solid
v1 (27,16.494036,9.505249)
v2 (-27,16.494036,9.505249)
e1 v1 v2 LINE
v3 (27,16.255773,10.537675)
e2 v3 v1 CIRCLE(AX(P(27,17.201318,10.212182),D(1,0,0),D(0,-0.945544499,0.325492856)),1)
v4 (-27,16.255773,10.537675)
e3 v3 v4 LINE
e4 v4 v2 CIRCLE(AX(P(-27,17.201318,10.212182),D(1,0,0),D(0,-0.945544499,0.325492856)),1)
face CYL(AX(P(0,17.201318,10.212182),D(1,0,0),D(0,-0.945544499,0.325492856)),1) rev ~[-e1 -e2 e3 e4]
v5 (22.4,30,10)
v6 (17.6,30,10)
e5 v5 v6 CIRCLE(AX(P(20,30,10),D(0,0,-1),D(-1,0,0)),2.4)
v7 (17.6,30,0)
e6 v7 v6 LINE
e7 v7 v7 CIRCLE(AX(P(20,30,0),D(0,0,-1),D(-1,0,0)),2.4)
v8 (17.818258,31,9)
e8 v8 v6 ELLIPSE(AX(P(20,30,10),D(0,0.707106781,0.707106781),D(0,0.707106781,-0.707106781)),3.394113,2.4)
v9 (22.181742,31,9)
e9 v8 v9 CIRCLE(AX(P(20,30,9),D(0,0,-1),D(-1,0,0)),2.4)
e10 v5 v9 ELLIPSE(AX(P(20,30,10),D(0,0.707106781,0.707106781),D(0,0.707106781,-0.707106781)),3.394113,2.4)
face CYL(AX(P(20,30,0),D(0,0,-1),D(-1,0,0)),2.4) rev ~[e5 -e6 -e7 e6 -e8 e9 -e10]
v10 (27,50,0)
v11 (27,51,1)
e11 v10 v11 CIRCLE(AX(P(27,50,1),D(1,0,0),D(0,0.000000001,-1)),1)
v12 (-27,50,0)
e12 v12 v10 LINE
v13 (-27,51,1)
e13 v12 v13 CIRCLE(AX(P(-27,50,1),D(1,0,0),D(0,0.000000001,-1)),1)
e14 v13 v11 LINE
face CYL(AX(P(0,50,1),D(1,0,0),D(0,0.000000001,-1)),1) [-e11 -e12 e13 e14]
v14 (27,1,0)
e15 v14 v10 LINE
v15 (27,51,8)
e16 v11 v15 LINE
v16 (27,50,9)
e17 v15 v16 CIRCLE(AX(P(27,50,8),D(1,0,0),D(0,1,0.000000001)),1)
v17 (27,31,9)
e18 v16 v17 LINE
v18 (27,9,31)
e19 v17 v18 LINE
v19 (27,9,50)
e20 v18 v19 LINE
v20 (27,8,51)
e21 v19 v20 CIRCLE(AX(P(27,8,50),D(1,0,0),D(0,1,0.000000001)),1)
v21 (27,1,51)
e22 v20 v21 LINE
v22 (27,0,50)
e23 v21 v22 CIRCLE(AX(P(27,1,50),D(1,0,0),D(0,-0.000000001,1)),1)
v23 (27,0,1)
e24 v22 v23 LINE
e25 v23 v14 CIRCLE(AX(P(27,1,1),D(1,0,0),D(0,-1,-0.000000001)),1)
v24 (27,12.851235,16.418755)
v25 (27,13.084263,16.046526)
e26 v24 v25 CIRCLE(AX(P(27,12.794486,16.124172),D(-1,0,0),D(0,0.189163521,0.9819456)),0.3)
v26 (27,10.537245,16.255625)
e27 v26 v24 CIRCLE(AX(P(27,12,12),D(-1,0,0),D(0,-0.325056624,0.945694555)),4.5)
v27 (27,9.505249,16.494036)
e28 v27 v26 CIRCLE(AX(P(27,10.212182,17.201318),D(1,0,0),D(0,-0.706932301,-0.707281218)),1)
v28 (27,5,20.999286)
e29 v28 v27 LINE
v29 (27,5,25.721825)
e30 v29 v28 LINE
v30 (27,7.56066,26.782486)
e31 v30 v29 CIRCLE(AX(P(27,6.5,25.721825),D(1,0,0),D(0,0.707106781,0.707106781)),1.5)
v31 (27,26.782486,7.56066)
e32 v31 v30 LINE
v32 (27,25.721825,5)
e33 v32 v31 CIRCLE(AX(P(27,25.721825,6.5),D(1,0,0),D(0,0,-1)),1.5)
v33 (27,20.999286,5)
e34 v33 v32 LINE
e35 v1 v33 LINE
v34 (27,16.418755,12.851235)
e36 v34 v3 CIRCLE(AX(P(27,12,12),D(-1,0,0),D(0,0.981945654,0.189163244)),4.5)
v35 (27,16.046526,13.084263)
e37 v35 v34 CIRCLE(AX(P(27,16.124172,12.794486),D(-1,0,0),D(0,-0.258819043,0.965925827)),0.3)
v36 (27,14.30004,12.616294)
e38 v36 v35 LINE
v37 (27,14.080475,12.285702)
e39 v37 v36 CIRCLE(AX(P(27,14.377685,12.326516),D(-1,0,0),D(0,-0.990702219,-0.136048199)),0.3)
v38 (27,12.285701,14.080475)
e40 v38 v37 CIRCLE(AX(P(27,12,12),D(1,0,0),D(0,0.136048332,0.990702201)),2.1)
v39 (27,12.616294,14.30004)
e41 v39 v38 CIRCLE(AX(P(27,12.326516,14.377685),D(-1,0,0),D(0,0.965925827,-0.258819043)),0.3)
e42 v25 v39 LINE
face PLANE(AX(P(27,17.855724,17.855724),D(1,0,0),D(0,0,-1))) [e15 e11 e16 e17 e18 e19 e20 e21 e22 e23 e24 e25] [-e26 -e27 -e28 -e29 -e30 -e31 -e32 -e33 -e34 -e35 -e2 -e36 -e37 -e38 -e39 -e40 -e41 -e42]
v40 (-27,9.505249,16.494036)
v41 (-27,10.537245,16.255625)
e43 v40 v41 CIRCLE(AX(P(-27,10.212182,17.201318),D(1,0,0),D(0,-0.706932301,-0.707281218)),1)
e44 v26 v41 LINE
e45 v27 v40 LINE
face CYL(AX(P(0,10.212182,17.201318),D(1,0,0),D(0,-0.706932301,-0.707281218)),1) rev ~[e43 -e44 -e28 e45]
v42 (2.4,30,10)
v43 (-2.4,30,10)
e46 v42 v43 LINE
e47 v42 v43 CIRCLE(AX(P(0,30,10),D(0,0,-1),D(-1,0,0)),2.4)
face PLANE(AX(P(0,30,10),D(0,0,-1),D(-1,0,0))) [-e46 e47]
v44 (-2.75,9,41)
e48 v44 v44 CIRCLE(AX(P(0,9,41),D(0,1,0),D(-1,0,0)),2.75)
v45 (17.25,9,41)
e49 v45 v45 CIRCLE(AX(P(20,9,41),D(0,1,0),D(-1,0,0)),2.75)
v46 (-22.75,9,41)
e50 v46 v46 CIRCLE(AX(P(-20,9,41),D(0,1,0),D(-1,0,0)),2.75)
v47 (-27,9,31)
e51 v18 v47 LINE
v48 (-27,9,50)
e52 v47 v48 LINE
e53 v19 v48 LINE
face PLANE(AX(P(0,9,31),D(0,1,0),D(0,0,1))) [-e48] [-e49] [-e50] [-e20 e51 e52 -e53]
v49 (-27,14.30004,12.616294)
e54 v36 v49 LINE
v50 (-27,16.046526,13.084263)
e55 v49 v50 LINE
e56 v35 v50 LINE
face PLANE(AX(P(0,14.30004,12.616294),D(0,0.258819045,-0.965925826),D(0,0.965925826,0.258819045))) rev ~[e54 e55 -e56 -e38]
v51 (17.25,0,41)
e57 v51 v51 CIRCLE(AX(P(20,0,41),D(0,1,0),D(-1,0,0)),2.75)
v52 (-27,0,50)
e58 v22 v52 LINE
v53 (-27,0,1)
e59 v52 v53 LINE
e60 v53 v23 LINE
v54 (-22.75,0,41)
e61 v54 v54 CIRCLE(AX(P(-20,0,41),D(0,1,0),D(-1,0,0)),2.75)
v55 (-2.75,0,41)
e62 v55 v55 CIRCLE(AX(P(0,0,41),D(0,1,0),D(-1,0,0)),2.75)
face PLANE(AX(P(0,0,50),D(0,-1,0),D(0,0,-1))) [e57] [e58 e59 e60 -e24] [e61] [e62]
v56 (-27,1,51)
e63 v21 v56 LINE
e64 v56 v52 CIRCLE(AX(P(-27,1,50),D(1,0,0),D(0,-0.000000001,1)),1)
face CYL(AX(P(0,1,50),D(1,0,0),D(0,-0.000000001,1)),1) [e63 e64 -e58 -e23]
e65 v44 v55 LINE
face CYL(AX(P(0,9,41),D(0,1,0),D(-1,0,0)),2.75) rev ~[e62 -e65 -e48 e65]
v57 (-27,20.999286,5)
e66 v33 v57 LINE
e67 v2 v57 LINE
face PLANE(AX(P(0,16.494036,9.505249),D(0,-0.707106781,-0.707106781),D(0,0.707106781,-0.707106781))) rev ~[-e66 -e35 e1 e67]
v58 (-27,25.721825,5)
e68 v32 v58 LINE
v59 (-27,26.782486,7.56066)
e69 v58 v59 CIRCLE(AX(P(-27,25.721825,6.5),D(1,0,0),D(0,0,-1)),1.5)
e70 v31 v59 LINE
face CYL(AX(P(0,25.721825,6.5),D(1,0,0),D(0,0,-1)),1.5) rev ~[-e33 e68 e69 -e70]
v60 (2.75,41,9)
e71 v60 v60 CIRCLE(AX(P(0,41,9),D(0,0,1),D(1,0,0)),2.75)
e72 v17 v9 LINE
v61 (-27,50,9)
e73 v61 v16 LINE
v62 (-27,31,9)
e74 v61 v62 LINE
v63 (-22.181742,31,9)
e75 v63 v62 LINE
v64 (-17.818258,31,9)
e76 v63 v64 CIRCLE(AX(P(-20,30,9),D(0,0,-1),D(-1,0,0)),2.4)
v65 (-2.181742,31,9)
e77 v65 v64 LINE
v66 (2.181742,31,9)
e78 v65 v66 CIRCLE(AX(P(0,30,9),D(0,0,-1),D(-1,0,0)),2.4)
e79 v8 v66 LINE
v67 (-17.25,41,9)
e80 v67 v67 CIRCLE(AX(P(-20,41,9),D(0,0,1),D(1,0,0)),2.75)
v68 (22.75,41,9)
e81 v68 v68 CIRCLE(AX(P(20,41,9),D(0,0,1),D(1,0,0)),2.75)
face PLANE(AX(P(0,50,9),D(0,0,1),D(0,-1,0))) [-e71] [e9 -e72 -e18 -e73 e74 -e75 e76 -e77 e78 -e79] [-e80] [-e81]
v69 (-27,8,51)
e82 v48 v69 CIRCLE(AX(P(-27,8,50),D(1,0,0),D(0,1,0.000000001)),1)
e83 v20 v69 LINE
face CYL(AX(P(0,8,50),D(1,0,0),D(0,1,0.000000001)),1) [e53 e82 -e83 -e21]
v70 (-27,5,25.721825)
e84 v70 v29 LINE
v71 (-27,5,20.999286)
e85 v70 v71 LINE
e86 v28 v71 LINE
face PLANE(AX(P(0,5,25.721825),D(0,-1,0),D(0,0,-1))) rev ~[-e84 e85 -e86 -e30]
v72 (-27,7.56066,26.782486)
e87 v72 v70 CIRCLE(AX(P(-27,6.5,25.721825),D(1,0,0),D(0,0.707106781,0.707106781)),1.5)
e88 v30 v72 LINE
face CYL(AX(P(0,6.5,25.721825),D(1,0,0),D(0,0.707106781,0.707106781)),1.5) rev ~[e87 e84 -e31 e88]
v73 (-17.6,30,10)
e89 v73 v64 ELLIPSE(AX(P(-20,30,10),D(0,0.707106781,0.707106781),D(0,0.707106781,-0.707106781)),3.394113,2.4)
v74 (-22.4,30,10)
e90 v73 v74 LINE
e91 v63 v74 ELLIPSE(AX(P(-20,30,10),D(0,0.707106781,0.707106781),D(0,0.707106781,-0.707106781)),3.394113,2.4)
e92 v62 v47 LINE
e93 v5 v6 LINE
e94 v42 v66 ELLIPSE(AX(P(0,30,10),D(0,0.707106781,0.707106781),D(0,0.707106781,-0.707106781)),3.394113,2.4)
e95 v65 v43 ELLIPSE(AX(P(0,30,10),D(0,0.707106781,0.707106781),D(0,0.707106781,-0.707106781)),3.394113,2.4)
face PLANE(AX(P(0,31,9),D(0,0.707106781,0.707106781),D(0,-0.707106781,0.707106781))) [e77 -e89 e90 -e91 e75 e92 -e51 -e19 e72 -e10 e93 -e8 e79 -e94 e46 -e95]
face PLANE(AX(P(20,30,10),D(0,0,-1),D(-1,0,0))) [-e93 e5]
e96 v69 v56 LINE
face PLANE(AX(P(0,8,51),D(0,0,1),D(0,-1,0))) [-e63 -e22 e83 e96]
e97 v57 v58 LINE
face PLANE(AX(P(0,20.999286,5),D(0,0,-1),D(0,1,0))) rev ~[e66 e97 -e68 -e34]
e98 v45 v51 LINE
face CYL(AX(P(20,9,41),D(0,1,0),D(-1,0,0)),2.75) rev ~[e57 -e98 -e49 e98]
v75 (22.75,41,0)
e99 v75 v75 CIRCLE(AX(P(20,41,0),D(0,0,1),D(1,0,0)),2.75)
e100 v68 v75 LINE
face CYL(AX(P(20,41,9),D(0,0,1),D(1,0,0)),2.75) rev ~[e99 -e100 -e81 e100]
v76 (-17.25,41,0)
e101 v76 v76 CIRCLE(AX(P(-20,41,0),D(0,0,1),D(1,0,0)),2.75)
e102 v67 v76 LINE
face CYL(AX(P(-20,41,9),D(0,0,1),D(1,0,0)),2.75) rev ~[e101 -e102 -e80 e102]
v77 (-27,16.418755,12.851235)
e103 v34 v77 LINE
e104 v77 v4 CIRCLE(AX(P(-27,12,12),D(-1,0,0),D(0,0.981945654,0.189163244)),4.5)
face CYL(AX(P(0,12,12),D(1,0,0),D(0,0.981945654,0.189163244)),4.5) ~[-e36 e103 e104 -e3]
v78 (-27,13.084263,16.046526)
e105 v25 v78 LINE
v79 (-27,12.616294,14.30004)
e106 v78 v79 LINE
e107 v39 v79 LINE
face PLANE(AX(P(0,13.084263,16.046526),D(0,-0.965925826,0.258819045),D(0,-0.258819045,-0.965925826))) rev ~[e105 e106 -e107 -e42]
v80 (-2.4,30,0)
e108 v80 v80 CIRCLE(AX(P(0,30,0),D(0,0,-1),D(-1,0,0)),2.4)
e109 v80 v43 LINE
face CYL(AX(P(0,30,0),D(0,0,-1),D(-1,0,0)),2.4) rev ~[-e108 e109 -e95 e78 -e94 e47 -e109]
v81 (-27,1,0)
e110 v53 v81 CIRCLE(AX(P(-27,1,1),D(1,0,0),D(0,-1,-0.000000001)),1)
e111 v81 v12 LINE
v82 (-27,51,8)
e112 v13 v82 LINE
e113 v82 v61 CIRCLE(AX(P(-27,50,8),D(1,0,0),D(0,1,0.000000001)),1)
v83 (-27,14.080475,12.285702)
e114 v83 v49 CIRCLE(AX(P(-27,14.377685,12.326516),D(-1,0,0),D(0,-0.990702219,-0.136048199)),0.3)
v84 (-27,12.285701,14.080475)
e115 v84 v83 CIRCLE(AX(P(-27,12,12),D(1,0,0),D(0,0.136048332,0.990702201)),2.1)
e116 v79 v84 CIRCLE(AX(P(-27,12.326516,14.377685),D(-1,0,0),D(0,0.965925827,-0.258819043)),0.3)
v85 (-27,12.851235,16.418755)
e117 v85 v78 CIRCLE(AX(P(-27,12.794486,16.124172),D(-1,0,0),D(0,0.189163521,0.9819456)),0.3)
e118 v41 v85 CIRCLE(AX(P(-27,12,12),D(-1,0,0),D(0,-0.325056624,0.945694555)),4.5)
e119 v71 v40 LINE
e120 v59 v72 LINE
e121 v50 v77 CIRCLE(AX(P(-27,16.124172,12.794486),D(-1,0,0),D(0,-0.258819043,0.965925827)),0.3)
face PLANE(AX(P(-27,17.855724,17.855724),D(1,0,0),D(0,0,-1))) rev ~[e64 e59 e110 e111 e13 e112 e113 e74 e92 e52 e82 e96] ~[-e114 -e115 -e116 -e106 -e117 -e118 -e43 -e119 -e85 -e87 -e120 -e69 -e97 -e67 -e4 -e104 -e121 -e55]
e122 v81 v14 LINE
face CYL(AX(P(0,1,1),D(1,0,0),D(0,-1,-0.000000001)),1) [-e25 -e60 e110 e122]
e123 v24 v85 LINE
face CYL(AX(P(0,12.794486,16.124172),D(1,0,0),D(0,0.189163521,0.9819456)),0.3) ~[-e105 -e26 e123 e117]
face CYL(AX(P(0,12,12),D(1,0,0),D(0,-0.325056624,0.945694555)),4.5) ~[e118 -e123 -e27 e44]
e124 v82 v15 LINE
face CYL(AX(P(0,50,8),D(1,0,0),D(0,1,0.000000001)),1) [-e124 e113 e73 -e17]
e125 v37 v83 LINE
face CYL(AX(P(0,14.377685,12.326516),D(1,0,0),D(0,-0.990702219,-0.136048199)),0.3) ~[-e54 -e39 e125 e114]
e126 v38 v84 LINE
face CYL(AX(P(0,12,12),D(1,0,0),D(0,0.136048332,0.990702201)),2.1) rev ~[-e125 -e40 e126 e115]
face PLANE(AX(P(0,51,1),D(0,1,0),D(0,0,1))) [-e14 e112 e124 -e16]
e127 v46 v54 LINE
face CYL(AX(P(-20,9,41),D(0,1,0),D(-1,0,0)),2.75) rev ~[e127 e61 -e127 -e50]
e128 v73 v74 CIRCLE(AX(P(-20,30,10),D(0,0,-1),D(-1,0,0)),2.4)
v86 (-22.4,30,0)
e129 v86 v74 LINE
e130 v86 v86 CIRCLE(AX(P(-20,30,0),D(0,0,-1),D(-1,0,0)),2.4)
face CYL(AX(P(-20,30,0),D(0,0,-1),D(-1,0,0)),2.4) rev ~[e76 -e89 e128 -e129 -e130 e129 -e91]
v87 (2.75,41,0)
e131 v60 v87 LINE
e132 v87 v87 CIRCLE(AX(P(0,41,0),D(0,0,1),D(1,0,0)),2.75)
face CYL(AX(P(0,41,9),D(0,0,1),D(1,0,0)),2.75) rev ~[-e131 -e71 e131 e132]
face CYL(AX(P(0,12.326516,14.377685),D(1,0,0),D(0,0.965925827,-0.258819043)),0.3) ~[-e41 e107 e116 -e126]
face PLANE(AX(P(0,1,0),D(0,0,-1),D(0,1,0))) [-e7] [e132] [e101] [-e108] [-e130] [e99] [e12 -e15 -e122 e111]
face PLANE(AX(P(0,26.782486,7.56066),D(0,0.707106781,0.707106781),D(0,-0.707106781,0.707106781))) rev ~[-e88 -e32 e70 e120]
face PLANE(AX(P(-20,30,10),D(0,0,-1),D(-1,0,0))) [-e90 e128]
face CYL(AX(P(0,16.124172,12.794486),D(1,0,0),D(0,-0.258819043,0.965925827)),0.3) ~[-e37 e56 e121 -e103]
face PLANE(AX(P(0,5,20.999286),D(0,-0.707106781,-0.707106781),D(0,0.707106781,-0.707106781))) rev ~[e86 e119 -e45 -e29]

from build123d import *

# Parameters (mm, degrees)
BOSS_EXTRUDE1_DEPTH      = 27
BOSS_EXTRUDE1_DEPTH_BACK = 27
SKETCH6_R                = 2.75
CUT_EXTRUDE5_DEPTH       = 72.37226352
SKETCH7_R                = 2.75
CUT_EXTRUDE6_DEPTH       = 72.37226352
SKETCH9_R                = 2.4
CUT_EXTRUDE7_DEPTH       = 10


with BuildPart() as part:
    # Sketch1 → Boss-Extrude1 (new, two sides: drawn at the far end of the back side and taken through both)
    with BuildSketch(Plane(origin=(0, 0, 0), x_dir=(0, 0, -1), z_dir=(1, 0, 0)).offset(-BOSS_EXTRUDE1_DEPTH_BACK)):
        with BuildLine():
            Line((-50, 0), (-1, 0))
            ThreePointArc((-1, 0), (-0.292893219, 0.292893219), (0, 1))
            Line((0, 1), (0, 50))
            ThreePointArc((0, 50), (-0.292893219, 50.707106781), (-1, 51))
            Line((-1, 51), (-8, 51))
            ThreePointArc((-8, 51), (-8.707106781, 50.707106781), (-9, 50))
            Line((-9, 50), (-9, 31))
            Line((-9, 31), (-31, 9))
            Line((-31, 9), (-50, 9))
            ThreePointArc((-50, 9), (-50.707106781, 8.707106781), (-51, 8))
            Line((-51, 8), (-51, 1))
            ThreePointArc((-51, 1), (-50.707106781, 0.292893219), (-50, 0))
        make_face()
        with BuildLine():
            Line((-25.721825407, 5), (-20.999285733, 5))
            Line((-20.999285733, 5), (-16.494036438, 9.505249294))
            ThreePointArc((-16.494036438, 9.505249294), (-16.226979866, 9.987090789), (-16.255625497, 10.537245192))
            ThreePointArc((-16.255625497, 10.537245192), (-16.488859314, 11.683547702), (-16.418755424, 12.851234691))
            ThreePointArc((-16.418755424, 12.851234691), (-16.283360667, 13.048766752), (-16.046526031, 13.084263382))
            Line((-16.046526031, 13.084263382), (-14.300039569, 12.616293745))
            ThreePointArc((-14.300039569, 12.616293745), (-14.127781033, 12.492491496), (-14.080474622, 12.285701498))
            ThreePointArc((-14.080474622, 12.285701498), (-10.515075745, 10.515075774), (-12.285701539, 14.080474617))
            ThreePointArc((-12.285701539, 14.080474617), (-12.492491514, 14.127781045), (-12.616293745, 14.300039569))
            Line((-12.616293745, 14.300039569), (-13.084263382, 16.046526031))
            ThreePointArc((-13.084263382, 16.046526031), (-13.048766728, 16.283360705), (-12.851234602, 16.418755442))
            ThreePointArc((-12.851234602, 16.418755442), (-11.683774102, 16.488875269), (-10.537674556, 16.255773055))
            ThreePointArc((-10.537674556, 16.255773055), (-9.987311976, 16.226928716), (-9.505249294, 16.494036438))
            Line((-9.505249294, 16.494036438), (-5, 20.999285733))
            Line((-5, 20.999285733), (-5, 25.721825407))
            ThreePointArc((-5, 25.721825407), (-5.925974851, 27.107644706), (-7.560660172, 26.782485579))
            Line((-7.560660172, 26.782485579), (-26.782485579, 7.560660172))
            ThreePointArc((-26.782485579, 7.560660172), (-27.107644706, 5.925974851), (-25.721825407, 5))
        make_face(mode=Mode.SUBTRACT)
    extrude(amount=BOSS_EXTRUDE1_DEPTH + BOSS_EXTRUDE1_DEPTH_BACK)

    # Sketch6 → Cut-Extrude5 (cut, through all)
    with BuildSketch(Plane.XY.offset(9)):
        with Locations((-20, 41)):
            Circle(SKETCH6_R)
        with Locations((0, 41)):
            Circle(SKETCH6_R)
        with Locations((20, 41)):
            Circle(SKETCH6_R)
    extrude(amount=-CUT_EXTRUDE5_DEPTH, mode=Mode.SUBTRACT)

    # Sketch7 → Cut-Extrude6 (cut, through all)
    with BuildSketch(Plane(origin=(0, 9, 0), x_dir=(-1, 0, 0), z_dir=(0, 1, 0))):
        with Locations((20, 41)):
            Circle(SKETCH7_R)
        with Locations((0, 41)):
            Circle(SKETCH7_R)
        with Locations((-20, 41)):
            Circle(SKETCH7_R)
    extrude(amount=-CUT_EXTRUDE6_DEPTH, mode=Mode.SUBTRACT)

    # Sketch9 → Cut-Extrude7 (cut)
    with BuildSketch(Plane(origin=(0, 0, 0), x_dir=(-1, 0, 0), z_dir=(0, 0, -1))):
        with Locations((20, 30)):
            Circle(SKETCH9_R)
        with Locations((-20, 30)):
            Circle(SKETCH9_R)
        with Locations((0, 30)):
            Circle(SKETCH9_R)
    extrude(amount=-CUT_EXTRUDE7_DEPTH, mode=Mode.SUBTRACT)


solid = part.part
